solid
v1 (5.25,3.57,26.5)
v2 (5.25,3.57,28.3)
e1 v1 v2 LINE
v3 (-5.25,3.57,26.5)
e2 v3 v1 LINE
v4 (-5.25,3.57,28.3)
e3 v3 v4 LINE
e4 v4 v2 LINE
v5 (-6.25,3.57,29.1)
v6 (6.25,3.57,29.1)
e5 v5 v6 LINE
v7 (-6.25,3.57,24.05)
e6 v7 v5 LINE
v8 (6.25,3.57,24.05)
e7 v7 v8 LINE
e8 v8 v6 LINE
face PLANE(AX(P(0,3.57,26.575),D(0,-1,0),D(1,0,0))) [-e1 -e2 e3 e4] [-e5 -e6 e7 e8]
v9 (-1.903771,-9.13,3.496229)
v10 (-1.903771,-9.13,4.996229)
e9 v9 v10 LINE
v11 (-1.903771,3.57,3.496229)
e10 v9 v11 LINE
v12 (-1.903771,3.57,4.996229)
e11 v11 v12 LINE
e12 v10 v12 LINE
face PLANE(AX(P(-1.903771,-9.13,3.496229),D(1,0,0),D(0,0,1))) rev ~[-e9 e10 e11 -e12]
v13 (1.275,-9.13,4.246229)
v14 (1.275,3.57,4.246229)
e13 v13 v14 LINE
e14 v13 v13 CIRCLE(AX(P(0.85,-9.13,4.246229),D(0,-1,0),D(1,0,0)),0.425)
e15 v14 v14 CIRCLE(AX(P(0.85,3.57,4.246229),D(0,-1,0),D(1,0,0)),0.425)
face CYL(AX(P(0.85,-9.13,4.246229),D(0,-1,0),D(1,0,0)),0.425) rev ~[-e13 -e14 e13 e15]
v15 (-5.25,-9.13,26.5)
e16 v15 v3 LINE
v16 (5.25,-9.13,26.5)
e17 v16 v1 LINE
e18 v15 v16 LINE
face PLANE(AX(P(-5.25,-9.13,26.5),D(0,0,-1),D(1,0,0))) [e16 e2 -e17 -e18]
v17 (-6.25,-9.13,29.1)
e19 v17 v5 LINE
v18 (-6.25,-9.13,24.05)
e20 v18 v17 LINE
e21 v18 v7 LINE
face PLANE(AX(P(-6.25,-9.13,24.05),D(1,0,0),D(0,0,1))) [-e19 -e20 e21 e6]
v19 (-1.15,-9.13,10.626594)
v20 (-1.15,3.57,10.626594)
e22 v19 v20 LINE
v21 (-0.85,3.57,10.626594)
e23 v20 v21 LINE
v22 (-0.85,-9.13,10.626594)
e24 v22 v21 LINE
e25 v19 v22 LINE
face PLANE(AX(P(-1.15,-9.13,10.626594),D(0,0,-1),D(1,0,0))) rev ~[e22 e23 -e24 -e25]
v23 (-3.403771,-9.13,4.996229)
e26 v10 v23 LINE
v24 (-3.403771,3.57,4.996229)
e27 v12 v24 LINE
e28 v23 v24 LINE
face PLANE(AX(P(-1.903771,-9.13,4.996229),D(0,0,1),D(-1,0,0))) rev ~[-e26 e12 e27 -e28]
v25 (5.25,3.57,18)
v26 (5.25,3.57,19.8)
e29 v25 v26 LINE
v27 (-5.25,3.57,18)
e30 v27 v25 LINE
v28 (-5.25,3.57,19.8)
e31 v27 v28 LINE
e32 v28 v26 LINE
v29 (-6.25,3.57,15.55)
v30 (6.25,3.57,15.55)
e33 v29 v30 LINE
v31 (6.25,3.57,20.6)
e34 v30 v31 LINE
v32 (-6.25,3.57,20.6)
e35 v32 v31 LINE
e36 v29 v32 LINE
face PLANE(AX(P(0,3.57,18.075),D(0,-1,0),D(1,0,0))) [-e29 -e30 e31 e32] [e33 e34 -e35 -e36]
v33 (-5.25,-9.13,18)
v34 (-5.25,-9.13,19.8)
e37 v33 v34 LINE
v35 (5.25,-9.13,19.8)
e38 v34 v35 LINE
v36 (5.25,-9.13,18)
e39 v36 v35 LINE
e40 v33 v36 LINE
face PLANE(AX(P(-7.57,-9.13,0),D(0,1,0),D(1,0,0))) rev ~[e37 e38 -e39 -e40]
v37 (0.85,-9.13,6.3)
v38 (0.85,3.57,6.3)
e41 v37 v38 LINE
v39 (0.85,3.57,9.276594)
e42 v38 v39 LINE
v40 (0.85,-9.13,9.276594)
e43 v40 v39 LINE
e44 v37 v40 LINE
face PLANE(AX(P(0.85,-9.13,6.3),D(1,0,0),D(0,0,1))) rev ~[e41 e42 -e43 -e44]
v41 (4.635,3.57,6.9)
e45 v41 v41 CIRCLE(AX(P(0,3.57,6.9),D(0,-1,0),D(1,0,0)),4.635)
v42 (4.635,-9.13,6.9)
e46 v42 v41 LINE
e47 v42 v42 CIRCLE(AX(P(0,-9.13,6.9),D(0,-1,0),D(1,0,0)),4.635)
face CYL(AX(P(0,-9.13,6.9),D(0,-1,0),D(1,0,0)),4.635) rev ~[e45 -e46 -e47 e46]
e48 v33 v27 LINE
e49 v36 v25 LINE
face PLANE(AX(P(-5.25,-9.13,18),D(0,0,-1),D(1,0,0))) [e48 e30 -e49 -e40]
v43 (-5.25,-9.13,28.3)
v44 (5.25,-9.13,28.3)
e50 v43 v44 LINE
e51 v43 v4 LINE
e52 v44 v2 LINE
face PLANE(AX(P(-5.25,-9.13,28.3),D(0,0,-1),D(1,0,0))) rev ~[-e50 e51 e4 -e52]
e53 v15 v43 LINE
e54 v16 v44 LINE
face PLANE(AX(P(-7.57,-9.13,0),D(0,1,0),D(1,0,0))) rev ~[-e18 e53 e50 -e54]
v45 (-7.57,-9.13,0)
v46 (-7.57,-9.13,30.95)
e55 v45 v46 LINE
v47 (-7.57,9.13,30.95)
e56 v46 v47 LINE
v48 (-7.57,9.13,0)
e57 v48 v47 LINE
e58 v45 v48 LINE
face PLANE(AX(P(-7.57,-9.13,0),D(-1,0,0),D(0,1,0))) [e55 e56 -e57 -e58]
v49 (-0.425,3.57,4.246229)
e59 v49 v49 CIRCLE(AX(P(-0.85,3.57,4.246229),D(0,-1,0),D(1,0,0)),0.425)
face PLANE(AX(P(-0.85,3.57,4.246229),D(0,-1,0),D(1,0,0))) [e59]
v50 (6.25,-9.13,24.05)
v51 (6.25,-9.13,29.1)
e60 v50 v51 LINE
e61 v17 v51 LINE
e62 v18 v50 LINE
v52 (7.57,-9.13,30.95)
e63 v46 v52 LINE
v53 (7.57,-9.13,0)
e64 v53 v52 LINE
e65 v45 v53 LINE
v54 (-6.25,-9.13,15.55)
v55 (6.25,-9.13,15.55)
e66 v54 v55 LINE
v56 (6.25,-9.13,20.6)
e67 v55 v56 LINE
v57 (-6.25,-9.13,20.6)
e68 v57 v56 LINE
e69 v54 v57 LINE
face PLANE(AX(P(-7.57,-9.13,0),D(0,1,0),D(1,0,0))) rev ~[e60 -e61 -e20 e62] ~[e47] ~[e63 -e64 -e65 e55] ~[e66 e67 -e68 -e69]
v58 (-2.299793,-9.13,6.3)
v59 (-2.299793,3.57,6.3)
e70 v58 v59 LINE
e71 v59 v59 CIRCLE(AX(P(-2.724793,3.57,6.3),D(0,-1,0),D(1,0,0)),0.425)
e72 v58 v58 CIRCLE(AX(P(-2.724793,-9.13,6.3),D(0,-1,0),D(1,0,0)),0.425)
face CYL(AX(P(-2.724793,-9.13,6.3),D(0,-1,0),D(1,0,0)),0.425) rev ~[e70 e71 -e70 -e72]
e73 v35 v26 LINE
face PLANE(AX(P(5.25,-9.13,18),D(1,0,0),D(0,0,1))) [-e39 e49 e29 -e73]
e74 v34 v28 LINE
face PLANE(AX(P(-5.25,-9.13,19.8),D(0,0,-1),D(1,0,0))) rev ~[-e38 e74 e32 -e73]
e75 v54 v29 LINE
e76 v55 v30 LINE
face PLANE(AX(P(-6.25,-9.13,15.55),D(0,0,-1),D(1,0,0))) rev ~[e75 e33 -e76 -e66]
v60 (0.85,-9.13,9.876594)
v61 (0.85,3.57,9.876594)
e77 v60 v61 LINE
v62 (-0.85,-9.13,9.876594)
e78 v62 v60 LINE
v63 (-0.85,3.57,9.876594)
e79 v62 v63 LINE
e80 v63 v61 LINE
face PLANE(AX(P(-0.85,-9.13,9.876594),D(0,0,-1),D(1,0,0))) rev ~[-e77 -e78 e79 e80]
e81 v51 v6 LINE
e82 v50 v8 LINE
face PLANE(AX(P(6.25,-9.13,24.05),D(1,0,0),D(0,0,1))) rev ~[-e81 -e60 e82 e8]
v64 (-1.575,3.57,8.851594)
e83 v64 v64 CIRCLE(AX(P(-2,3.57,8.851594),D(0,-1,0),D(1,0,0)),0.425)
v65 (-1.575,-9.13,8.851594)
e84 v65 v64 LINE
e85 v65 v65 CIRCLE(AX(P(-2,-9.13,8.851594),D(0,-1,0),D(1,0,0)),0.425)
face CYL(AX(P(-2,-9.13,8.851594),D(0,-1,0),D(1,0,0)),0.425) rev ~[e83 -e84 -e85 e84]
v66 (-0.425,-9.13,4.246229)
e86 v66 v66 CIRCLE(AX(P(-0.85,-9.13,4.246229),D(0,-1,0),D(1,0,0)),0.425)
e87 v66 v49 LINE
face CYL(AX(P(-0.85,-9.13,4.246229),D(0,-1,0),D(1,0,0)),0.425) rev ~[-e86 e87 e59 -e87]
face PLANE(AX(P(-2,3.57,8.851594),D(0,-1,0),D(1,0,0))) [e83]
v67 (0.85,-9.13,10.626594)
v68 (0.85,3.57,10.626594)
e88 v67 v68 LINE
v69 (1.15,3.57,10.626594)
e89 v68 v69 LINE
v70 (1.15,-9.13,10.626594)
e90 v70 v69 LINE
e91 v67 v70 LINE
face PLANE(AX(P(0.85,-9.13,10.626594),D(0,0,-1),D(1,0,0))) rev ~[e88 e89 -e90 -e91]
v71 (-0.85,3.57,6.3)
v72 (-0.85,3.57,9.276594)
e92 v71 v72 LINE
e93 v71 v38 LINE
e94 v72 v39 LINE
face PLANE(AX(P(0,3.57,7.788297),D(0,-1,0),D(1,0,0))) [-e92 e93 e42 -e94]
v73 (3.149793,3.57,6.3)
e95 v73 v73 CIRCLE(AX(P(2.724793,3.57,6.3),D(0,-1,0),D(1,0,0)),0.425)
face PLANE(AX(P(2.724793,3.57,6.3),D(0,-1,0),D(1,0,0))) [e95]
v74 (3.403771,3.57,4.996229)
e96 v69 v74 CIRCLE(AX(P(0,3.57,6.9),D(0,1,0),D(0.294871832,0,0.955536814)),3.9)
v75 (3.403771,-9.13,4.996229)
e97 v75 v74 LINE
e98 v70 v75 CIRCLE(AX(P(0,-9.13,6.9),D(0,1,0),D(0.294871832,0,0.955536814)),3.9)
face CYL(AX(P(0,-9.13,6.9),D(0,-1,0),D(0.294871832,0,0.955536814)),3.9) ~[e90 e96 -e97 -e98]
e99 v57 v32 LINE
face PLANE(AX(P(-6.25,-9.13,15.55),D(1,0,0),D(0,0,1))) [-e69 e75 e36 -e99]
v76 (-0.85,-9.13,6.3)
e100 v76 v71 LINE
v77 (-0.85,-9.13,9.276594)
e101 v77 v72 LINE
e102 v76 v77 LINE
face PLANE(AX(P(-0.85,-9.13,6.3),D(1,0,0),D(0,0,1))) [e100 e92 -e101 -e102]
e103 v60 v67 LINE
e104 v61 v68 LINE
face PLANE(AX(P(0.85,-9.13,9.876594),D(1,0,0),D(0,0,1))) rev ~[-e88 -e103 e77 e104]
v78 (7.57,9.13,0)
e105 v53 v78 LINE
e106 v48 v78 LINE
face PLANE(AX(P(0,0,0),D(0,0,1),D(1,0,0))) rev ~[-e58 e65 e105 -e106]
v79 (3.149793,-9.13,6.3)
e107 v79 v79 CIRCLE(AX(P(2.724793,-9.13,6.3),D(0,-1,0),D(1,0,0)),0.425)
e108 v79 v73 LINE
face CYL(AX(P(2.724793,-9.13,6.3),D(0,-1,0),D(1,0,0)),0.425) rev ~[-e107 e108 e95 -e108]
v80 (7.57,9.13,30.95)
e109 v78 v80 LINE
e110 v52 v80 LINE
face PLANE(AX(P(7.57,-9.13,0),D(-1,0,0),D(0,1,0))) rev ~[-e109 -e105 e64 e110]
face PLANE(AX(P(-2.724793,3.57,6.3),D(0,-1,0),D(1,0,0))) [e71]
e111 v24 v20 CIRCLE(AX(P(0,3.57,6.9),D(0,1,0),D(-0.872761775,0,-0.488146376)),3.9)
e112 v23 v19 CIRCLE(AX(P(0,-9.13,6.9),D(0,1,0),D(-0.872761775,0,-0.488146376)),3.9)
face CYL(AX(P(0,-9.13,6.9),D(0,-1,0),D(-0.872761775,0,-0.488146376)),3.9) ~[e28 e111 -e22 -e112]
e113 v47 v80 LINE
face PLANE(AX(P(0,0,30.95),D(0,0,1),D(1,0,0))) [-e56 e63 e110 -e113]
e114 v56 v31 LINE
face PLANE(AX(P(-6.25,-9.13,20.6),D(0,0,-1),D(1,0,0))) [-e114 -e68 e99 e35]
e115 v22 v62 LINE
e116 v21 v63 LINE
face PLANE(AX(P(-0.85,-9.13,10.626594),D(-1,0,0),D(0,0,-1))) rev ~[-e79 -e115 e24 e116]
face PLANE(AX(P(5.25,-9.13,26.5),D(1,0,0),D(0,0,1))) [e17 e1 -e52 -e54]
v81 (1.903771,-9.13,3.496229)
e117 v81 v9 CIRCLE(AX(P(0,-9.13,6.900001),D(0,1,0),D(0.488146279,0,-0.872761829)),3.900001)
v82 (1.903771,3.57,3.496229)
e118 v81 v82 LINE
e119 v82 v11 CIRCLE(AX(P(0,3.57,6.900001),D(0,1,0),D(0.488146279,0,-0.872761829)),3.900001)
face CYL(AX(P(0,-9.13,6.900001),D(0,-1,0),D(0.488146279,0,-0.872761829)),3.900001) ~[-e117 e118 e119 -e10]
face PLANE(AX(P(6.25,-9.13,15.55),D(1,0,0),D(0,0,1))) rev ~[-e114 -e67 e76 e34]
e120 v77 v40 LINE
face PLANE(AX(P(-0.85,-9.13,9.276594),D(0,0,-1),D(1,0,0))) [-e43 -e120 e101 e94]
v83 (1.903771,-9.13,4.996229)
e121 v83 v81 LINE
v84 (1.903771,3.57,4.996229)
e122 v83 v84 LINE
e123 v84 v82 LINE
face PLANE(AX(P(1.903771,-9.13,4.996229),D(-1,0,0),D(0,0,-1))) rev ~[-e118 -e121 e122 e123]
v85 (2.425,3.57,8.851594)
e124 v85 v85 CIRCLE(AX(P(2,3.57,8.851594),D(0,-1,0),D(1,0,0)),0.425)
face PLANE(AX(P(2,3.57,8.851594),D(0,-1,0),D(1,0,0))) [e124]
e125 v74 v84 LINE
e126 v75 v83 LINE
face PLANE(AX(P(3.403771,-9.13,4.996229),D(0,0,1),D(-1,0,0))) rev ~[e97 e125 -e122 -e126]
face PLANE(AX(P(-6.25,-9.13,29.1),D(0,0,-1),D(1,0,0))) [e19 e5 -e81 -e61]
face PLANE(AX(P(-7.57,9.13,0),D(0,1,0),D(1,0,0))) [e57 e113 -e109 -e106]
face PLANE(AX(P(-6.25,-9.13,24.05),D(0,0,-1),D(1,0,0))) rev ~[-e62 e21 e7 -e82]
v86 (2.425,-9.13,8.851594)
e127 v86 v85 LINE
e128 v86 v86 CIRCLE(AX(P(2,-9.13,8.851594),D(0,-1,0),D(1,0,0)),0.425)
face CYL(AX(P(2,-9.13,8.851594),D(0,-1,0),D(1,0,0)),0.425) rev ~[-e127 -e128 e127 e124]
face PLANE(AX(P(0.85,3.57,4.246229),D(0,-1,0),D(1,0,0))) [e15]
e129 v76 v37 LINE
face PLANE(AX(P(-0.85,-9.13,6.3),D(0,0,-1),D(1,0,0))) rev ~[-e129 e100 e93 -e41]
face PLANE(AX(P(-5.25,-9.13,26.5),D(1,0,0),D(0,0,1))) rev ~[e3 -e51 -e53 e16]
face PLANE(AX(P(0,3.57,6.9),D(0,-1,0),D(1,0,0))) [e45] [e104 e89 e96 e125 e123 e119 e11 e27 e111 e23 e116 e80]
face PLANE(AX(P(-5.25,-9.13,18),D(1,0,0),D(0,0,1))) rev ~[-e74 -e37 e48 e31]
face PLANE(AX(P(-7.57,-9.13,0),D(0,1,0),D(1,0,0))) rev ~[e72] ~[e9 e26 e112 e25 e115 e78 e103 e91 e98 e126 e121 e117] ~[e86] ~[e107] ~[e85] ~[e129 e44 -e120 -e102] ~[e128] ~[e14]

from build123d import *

# Parameters (mm, degrees)
F0_W     = 15.14
F0_H     = 18.26
F3_DEPTH = 30.95
F1_W     = 12.5
F1_H     = 5.05
F1_W_2   = 10.5
F1_H_2   = 1.8
F1_R     = 4.635
F4_DEPTH = 12.7
F1_R_2   = 0.425
F1_W_3   = 1.7
F1_H_3   = 2.976594
F2_DEPTH = 12.7


with BuildPart() as f3:
    # F0 (on Top) → F3 (new body)
    with BuildSketch(Plane.XY):
        Rectangle(F0_W, F0_H)
    extrude(amount=F3_DEPTH)

    # F1 (on face) → F4 (cut)
    with BuildSketch(Plane.XZ.offset(9.13)):
        with Locations((0, 26.575)):
            Rectangle(F1_W, F1_H)
        with Locations((0, 27.4)):
            Rectangle(F1_W_2, F1_H_2, mode=Mode.SUBTRACT)
        with Locations((0, 18.075)):
            Rectangle(F1_W, F1_H)
        with Locations((0, 18.9)):
            Rectangle(F1_W_2, F1_H_2, mode=Mode.SUBTRACT)
        with Locations((0, 6.9)):
            Circle(F1_R)
        with BuildLine():
            ThreePointArc((-3.403771, 4.996229), (-3.620699, 8.349324), (-1.15, 10.626594))
            Line((-1.15, 10.626594), (-0.85, 10.626594))
            Line((-0.85, 10.626594), (-0.85, 9.876594))
            Line((-0.85, 9.876594), (0.85, 9.876594))
            Line((0.85, 9.876594), (0.85, 10.626594))
            Line((0.85, 10.626594), (1.15, 10.626594))
            ThreePointArc((1.15, 10.626594), (3.620699, 8.349324), (3.403771, 4.996229))
            Line((3.403771, 4.996229), (1.903771, 4.996229))
            Line((1.903771, 4.996229), (1.903771, 3.496229))
            ThreePointArc((1.903771, 3.496229), (0, 3), (-1.903771, 3.496229))
            Line((-1.903771, 3.496229), (-1.903771, 4.996229))
            Line((-1.903771, 4.996229), (-3.403771, 4.996229))
        make_face(mode=Mode.SUBTRACT)
    extrude(amount=-F4_DEPTH, mode=Mode.SUBTRACT)

    # F1 (on face) → F2 (cut)
    with BuildSketch(Plane.XZ.offset(9.13)):
        with Locations((-2, 8.851594)):
            Circle(F1_R_2)
        with Locations((-2.724793, 6.3)):
            Circle(F1_R_2)
        with Locations((-0.85, 4.246229)):
            Circle(F1_R_2)
        with Locations((2.724793, 6.3)):
            Circle(F1_R_2)
        with Locations((2, 8.851594)):
            Circle(F1_R_2)
        with Locations((0.85, 4.246229)):
            Circle(F1_R_2)
        with Locations((0, 7.788297)):
            Rectangle(F1_W_3, F1_H_3)
    extrude(amount=-F2_DEPTH, mode=Mode.SUBTRACT)


solid = f3.part
